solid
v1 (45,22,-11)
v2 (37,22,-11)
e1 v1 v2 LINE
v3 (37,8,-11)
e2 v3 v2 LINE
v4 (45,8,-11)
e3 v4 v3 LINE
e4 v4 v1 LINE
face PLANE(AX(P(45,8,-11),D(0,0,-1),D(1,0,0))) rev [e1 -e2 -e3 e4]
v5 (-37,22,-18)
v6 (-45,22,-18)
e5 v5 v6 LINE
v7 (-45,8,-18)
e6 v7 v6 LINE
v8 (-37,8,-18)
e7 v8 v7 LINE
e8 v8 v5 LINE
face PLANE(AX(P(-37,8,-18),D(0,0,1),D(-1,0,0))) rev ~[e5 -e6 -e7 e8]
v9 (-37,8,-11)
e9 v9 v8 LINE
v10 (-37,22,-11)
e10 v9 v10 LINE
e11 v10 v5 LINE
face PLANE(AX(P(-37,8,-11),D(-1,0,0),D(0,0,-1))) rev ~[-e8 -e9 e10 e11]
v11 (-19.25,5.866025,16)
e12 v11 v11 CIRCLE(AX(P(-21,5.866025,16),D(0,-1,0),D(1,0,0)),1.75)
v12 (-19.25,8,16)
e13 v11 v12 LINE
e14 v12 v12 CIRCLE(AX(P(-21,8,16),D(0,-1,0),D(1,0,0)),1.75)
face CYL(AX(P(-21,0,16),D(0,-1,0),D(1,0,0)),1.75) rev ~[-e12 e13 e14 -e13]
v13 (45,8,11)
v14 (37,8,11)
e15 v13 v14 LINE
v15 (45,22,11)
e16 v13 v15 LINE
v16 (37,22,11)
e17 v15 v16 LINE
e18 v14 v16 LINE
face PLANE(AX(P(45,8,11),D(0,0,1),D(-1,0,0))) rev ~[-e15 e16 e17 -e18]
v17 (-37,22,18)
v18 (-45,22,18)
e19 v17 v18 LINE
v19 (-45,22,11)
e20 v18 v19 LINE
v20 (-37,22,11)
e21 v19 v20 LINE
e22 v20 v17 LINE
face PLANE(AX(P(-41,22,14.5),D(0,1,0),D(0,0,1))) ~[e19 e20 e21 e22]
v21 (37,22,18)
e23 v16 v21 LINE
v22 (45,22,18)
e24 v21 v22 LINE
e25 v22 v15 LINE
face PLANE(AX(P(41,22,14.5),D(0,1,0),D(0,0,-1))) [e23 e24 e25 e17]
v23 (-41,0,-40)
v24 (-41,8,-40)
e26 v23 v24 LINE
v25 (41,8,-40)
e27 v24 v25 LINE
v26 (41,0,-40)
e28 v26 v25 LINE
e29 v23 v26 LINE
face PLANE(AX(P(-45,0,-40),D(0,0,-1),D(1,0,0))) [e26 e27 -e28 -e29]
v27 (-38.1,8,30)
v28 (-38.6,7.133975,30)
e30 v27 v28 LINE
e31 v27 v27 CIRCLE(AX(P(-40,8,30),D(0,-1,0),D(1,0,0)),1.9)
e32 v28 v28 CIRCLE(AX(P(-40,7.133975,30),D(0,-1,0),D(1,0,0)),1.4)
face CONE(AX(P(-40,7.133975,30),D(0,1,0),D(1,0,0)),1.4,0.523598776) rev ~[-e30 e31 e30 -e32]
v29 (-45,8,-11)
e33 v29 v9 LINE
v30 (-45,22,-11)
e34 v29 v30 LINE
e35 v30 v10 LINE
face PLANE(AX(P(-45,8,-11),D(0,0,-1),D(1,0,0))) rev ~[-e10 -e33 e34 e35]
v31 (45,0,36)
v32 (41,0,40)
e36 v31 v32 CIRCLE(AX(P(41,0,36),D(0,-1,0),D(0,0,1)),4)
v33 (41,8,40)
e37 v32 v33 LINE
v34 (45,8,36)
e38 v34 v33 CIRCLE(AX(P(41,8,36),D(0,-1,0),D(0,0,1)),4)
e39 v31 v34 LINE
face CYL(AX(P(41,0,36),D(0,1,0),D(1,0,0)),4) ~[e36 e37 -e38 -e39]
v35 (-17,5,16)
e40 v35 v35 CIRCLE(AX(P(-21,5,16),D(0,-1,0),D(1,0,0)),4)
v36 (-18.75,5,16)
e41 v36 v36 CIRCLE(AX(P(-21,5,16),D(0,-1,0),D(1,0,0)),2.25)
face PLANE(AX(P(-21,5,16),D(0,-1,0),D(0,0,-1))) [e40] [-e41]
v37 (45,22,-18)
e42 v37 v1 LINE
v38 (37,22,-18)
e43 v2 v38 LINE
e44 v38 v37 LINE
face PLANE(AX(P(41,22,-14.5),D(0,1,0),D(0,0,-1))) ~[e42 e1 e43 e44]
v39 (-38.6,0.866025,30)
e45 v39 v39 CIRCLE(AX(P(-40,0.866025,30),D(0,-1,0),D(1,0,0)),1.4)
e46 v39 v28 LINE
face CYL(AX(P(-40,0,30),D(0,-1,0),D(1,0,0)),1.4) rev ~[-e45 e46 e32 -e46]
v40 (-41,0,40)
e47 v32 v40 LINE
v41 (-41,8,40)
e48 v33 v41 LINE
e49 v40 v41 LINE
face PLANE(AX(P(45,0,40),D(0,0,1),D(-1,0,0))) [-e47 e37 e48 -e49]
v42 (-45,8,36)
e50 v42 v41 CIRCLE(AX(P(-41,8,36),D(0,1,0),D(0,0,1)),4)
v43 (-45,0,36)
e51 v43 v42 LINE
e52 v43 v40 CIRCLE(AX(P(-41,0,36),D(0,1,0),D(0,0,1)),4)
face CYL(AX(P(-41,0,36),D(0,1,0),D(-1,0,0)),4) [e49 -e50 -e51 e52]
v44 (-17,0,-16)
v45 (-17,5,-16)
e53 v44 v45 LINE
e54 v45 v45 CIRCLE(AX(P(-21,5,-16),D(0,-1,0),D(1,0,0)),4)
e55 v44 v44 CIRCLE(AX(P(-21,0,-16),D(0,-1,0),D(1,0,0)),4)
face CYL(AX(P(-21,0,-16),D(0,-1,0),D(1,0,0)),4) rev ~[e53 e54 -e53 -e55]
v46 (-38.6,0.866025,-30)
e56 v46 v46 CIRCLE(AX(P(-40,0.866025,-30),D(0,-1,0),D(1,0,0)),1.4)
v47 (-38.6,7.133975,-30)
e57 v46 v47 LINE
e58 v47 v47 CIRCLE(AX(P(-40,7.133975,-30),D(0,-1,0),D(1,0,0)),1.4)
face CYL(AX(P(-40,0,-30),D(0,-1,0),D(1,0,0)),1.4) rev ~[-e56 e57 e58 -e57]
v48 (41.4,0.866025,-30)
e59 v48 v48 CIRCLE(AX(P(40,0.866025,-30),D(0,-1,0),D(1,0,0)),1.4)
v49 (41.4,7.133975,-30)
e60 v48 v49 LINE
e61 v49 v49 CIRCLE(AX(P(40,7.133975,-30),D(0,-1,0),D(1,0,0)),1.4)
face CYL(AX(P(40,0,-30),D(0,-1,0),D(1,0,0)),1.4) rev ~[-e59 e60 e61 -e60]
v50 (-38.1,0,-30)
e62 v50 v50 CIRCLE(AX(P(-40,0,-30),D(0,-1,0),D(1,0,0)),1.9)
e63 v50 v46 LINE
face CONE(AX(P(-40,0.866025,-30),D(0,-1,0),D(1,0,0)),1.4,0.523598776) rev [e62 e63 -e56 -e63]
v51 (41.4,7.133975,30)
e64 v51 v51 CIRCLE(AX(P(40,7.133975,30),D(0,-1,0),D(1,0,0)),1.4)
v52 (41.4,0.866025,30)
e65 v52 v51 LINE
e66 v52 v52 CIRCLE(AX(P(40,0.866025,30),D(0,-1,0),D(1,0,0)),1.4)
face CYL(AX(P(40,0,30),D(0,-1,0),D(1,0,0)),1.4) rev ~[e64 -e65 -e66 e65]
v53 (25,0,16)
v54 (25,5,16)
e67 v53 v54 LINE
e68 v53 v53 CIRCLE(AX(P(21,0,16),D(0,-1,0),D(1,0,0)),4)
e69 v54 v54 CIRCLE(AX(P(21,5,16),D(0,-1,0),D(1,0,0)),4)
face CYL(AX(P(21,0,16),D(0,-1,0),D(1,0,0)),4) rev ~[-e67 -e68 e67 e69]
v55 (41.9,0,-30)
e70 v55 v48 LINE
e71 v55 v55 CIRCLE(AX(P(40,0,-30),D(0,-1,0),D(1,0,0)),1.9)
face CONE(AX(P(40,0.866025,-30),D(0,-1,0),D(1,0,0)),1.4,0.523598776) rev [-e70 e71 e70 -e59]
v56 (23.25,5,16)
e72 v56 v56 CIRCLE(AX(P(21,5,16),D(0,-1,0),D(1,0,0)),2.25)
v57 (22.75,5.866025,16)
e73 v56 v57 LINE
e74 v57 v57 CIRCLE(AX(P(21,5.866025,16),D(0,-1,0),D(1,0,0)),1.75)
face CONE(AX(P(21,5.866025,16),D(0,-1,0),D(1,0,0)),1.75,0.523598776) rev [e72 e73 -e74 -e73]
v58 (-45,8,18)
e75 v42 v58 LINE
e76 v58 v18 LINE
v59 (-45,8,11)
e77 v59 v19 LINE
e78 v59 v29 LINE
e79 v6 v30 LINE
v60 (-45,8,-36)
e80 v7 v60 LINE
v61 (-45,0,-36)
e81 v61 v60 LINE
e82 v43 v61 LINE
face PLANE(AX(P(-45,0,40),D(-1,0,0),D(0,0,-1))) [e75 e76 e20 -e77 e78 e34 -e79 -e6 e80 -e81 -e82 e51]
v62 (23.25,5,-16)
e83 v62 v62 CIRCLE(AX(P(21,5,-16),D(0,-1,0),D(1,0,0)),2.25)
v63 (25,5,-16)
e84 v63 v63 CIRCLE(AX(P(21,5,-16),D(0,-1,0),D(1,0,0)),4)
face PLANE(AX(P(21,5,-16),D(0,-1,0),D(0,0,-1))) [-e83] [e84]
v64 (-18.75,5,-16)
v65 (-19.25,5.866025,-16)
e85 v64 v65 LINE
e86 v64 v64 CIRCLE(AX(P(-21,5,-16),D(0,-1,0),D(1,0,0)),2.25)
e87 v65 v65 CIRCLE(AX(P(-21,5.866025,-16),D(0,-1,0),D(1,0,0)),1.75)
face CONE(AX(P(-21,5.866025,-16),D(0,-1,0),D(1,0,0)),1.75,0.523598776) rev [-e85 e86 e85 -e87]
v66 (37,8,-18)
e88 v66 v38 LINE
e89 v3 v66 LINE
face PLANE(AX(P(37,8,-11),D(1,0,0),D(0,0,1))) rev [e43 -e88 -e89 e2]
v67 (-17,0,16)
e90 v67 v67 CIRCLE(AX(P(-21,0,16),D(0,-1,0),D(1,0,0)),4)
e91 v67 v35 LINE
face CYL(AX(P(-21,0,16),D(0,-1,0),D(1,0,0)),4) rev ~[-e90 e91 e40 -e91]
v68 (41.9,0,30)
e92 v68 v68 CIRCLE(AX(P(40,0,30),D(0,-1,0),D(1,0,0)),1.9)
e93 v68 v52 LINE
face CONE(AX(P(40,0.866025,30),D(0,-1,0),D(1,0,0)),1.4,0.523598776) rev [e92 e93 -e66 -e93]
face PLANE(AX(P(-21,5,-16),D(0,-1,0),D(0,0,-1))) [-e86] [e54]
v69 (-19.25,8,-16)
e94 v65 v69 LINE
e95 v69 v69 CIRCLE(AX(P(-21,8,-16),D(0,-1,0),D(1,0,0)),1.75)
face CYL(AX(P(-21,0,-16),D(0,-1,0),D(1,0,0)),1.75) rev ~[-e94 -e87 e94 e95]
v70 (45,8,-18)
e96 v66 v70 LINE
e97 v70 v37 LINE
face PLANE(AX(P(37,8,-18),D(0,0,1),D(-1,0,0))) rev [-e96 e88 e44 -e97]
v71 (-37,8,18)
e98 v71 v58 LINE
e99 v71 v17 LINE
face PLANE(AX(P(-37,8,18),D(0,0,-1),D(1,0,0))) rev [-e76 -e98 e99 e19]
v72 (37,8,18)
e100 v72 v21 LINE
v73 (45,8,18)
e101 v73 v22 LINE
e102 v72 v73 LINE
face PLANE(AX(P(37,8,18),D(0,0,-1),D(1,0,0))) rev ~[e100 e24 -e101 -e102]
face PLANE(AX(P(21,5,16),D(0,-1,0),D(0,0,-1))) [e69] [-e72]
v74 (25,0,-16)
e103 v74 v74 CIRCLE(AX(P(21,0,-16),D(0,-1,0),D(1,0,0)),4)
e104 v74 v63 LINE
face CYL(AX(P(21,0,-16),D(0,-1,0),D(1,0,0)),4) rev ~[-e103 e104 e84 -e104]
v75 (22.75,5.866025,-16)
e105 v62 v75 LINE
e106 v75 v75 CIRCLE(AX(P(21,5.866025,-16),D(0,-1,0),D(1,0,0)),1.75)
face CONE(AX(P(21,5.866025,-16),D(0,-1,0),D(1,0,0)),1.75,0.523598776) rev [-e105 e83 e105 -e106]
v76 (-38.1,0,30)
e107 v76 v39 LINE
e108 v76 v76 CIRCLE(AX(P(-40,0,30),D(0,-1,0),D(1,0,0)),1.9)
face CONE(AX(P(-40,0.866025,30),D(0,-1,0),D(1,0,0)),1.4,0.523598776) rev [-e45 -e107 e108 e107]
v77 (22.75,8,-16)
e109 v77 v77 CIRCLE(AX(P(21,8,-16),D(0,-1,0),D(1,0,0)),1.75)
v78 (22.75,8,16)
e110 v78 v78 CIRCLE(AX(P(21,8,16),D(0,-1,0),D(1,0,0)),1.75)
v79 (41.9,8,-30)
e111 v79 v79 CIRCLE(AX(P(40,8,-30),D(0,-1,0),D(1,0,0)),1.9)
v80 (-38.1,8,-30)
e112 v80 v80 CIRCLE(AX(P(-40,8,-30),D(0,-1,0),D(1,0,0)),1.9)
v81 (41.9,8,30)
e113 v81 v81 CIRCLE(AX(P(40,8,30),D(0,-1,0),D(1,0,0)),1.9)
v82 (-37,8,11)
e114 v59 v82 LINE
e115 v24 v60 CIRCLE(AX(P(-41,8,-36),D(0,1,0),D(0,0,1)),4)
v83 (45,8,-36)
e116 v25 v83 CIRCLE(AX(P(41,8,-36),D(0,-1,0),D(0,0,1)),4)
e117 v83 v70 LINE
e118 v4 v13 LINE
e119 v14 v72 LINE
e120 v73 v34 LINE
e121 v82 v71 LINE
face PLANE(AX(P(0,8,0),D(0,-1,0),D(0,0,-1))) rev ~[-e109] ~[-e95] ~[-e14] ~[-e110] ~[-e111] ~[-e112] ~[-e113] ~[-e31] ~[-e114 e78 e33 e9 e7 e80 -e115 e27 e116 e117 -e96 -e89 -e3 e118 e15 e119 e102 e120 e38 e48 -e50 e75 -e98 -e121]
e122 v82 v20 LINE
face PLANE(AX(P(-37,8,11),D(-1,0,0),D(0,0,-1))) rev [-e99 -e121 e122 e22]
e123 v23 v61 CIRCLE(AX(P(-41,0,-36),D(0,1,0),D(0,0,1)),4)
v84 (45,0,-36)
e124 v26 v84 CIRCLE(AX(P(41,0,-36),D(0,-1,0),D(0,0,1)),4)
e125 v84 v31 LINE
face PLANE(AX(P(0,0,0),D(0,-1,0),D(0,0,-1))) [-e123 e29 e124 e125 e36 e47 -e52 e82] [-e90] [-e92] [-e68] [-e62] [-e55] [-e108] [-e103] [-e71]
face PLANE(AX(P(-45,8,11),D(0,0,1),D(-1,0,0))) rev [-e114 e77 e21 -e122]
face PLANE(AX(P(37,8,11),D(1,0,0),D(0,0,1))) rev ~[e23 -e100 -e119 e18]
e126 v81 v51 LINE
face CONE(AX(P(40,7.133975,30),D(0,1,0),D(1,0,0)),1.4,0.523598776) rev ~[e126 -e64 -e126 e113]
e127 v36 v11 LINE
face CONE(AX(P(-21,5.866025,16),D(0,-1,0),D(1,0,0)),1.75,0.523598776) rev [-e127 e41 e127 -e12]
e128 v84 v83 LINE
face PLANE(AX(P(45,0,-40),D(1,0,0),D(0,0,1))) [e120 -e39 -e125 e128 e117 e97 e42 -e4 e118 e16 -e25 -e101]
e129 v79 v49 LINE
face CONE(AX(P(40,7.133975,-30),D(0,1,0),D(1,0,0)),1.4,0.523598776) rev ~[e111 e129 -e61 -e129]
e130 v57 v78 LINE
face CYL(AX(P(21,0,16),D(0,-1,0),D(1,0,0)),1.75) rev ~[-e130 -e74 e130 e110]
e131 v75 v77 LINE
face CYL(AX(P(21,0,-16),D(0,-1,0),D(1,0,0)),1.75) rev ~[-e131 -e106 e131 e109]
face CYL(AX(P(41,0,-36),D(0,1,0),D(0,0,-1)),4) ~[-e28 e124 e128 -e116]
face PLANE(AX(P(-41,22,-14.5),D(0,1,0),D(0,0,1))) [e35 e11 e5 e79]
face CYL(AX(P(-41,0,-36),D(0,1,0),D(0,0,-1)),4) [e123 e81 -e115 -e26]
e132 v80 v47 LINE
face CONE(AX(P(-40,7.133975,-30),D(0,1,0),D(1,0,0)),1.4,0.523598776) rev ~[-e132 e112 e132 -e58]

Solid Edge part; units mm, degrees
sketch "Sketch1" plane through (0, 0, 0) normal (0, -1, 0) x (1, 0, 0)
  line L0 (-45, -40) -> (45, -40)
  line L1 (45, -40) -> (45, 40)
  line L2 (45, 40) -> (-45, 40)
  line L3 (-45, 40) -> (-45, -40)
  dimension "D1" = 90
  dimension "D2" = 80
extrude "Protrusion1" add sketch "Sketch1" against normal blind 8
sketch "Sketch2" plane through (0, 0, 0) normal (0, -1, 0) x (1, 0, 0)
  circle A0 centre (-40, 30) radius 1.4
  circle A1 centre (-40, -30) radius 1.4
  circle A2 centre (40, -30) radius 1.4
  circle A3 centre (40, 30) radius 1.4
  dimension "D1" = 2.8
  dimension "D2" = 60
  dimension "D3" = 80
extrude "Cutout1" cut sketch "Sketch2" against normal through all
sketch "Sketch3" plane through (0, 0, 0) normal (0, -1, 0) x (1, 0, 0)
  circle A0 centre (-21, 16) radius 4
  circle A1 centre (-21, -16) radius 4
  circle A2 centre (21, -16) radius 4
  circle A3 centre (21, 16) radius 4
extrude "Extrusionsausschnitt_2" cut sketch "Sketch3" against normal blind 5
sketch "Sketch4" plane through (0, 0, 0) normal (0, -1, 0) x (1, 0, 0)
  circle A0 centre (-21, 16) radius 1.75
  circle A1 centre (-21, -16) radius 1.75
  circle A2 centre (21, -16) radius 1.75
  circle A3 centre (21, 16) radius 1.75
  dimension "D1" = 3.5
extrude "Cutout2" cut sketch "Sketch4" against normal through all
fillet "Verrundung_1" radius 4 4 edges at (-45, 4, 40) (45, 4, 40) (45, 4, -40) (-45, 4, -40)
chamfer "Fase_1" distance 0.5 angle 60 4 edges at (38.6, 0, 30) (-41.4, 0, 30) (-41.4, 0, -30) (38.6, 0, -30) measured on face at (-29.1, 0, 27.4667)
chamfer "Fase_2" distance 0.5 angle 60 4 edges at (-40, 8, 31.4) (40, 8, 31.4) (40, 8, -28.6) (-40, 8, -28.6) measured on face at (-29.1, 8, 27.4667)
chamfer "Fase_4" distance 0.5 angle 60 4 edges at (-21, 5, 14.25) (-21, 5, -17.75) (21, 5, 14.25) (21, 5, -17.75) measured on face at (-23.5867, 5, 18.7467) measured on face at (-23.5867, 5, -13.2533) measured on face at (18.4133, 5, 18.7467) measured on face at (18.4133, 5, -13.2533)
sketch "Sketch5" plane through (0, 8, 0) normal (0, 1, 0) x (1, 0, 0)
  line L0 (-45, 11) -> (-37, 11)
  line L1 (-37, 11) -> (-37, 18)
  line L2 (-37, 18) -> (-45, 18)
  line L3 (-45, 18) -> (-45, 11)
  dimension "D1" = 11
  dimension "D2" = 8
  dimension "D3" = 18
extrude "Extrusionsausprägung_2" add sketch "Sketch5" along normal blind 14
mirror "Mirror1" about plane through (0, 0, 0) normal (0, 0, 1) of "Extrusionsausprägung_2"
mirror "Mirror2" about plane through (0, 0, 0) normal (1, 0, 0) of "Extrusionsausprägung_2", "Mirror1"
properties material "Nylon, allgemein"
